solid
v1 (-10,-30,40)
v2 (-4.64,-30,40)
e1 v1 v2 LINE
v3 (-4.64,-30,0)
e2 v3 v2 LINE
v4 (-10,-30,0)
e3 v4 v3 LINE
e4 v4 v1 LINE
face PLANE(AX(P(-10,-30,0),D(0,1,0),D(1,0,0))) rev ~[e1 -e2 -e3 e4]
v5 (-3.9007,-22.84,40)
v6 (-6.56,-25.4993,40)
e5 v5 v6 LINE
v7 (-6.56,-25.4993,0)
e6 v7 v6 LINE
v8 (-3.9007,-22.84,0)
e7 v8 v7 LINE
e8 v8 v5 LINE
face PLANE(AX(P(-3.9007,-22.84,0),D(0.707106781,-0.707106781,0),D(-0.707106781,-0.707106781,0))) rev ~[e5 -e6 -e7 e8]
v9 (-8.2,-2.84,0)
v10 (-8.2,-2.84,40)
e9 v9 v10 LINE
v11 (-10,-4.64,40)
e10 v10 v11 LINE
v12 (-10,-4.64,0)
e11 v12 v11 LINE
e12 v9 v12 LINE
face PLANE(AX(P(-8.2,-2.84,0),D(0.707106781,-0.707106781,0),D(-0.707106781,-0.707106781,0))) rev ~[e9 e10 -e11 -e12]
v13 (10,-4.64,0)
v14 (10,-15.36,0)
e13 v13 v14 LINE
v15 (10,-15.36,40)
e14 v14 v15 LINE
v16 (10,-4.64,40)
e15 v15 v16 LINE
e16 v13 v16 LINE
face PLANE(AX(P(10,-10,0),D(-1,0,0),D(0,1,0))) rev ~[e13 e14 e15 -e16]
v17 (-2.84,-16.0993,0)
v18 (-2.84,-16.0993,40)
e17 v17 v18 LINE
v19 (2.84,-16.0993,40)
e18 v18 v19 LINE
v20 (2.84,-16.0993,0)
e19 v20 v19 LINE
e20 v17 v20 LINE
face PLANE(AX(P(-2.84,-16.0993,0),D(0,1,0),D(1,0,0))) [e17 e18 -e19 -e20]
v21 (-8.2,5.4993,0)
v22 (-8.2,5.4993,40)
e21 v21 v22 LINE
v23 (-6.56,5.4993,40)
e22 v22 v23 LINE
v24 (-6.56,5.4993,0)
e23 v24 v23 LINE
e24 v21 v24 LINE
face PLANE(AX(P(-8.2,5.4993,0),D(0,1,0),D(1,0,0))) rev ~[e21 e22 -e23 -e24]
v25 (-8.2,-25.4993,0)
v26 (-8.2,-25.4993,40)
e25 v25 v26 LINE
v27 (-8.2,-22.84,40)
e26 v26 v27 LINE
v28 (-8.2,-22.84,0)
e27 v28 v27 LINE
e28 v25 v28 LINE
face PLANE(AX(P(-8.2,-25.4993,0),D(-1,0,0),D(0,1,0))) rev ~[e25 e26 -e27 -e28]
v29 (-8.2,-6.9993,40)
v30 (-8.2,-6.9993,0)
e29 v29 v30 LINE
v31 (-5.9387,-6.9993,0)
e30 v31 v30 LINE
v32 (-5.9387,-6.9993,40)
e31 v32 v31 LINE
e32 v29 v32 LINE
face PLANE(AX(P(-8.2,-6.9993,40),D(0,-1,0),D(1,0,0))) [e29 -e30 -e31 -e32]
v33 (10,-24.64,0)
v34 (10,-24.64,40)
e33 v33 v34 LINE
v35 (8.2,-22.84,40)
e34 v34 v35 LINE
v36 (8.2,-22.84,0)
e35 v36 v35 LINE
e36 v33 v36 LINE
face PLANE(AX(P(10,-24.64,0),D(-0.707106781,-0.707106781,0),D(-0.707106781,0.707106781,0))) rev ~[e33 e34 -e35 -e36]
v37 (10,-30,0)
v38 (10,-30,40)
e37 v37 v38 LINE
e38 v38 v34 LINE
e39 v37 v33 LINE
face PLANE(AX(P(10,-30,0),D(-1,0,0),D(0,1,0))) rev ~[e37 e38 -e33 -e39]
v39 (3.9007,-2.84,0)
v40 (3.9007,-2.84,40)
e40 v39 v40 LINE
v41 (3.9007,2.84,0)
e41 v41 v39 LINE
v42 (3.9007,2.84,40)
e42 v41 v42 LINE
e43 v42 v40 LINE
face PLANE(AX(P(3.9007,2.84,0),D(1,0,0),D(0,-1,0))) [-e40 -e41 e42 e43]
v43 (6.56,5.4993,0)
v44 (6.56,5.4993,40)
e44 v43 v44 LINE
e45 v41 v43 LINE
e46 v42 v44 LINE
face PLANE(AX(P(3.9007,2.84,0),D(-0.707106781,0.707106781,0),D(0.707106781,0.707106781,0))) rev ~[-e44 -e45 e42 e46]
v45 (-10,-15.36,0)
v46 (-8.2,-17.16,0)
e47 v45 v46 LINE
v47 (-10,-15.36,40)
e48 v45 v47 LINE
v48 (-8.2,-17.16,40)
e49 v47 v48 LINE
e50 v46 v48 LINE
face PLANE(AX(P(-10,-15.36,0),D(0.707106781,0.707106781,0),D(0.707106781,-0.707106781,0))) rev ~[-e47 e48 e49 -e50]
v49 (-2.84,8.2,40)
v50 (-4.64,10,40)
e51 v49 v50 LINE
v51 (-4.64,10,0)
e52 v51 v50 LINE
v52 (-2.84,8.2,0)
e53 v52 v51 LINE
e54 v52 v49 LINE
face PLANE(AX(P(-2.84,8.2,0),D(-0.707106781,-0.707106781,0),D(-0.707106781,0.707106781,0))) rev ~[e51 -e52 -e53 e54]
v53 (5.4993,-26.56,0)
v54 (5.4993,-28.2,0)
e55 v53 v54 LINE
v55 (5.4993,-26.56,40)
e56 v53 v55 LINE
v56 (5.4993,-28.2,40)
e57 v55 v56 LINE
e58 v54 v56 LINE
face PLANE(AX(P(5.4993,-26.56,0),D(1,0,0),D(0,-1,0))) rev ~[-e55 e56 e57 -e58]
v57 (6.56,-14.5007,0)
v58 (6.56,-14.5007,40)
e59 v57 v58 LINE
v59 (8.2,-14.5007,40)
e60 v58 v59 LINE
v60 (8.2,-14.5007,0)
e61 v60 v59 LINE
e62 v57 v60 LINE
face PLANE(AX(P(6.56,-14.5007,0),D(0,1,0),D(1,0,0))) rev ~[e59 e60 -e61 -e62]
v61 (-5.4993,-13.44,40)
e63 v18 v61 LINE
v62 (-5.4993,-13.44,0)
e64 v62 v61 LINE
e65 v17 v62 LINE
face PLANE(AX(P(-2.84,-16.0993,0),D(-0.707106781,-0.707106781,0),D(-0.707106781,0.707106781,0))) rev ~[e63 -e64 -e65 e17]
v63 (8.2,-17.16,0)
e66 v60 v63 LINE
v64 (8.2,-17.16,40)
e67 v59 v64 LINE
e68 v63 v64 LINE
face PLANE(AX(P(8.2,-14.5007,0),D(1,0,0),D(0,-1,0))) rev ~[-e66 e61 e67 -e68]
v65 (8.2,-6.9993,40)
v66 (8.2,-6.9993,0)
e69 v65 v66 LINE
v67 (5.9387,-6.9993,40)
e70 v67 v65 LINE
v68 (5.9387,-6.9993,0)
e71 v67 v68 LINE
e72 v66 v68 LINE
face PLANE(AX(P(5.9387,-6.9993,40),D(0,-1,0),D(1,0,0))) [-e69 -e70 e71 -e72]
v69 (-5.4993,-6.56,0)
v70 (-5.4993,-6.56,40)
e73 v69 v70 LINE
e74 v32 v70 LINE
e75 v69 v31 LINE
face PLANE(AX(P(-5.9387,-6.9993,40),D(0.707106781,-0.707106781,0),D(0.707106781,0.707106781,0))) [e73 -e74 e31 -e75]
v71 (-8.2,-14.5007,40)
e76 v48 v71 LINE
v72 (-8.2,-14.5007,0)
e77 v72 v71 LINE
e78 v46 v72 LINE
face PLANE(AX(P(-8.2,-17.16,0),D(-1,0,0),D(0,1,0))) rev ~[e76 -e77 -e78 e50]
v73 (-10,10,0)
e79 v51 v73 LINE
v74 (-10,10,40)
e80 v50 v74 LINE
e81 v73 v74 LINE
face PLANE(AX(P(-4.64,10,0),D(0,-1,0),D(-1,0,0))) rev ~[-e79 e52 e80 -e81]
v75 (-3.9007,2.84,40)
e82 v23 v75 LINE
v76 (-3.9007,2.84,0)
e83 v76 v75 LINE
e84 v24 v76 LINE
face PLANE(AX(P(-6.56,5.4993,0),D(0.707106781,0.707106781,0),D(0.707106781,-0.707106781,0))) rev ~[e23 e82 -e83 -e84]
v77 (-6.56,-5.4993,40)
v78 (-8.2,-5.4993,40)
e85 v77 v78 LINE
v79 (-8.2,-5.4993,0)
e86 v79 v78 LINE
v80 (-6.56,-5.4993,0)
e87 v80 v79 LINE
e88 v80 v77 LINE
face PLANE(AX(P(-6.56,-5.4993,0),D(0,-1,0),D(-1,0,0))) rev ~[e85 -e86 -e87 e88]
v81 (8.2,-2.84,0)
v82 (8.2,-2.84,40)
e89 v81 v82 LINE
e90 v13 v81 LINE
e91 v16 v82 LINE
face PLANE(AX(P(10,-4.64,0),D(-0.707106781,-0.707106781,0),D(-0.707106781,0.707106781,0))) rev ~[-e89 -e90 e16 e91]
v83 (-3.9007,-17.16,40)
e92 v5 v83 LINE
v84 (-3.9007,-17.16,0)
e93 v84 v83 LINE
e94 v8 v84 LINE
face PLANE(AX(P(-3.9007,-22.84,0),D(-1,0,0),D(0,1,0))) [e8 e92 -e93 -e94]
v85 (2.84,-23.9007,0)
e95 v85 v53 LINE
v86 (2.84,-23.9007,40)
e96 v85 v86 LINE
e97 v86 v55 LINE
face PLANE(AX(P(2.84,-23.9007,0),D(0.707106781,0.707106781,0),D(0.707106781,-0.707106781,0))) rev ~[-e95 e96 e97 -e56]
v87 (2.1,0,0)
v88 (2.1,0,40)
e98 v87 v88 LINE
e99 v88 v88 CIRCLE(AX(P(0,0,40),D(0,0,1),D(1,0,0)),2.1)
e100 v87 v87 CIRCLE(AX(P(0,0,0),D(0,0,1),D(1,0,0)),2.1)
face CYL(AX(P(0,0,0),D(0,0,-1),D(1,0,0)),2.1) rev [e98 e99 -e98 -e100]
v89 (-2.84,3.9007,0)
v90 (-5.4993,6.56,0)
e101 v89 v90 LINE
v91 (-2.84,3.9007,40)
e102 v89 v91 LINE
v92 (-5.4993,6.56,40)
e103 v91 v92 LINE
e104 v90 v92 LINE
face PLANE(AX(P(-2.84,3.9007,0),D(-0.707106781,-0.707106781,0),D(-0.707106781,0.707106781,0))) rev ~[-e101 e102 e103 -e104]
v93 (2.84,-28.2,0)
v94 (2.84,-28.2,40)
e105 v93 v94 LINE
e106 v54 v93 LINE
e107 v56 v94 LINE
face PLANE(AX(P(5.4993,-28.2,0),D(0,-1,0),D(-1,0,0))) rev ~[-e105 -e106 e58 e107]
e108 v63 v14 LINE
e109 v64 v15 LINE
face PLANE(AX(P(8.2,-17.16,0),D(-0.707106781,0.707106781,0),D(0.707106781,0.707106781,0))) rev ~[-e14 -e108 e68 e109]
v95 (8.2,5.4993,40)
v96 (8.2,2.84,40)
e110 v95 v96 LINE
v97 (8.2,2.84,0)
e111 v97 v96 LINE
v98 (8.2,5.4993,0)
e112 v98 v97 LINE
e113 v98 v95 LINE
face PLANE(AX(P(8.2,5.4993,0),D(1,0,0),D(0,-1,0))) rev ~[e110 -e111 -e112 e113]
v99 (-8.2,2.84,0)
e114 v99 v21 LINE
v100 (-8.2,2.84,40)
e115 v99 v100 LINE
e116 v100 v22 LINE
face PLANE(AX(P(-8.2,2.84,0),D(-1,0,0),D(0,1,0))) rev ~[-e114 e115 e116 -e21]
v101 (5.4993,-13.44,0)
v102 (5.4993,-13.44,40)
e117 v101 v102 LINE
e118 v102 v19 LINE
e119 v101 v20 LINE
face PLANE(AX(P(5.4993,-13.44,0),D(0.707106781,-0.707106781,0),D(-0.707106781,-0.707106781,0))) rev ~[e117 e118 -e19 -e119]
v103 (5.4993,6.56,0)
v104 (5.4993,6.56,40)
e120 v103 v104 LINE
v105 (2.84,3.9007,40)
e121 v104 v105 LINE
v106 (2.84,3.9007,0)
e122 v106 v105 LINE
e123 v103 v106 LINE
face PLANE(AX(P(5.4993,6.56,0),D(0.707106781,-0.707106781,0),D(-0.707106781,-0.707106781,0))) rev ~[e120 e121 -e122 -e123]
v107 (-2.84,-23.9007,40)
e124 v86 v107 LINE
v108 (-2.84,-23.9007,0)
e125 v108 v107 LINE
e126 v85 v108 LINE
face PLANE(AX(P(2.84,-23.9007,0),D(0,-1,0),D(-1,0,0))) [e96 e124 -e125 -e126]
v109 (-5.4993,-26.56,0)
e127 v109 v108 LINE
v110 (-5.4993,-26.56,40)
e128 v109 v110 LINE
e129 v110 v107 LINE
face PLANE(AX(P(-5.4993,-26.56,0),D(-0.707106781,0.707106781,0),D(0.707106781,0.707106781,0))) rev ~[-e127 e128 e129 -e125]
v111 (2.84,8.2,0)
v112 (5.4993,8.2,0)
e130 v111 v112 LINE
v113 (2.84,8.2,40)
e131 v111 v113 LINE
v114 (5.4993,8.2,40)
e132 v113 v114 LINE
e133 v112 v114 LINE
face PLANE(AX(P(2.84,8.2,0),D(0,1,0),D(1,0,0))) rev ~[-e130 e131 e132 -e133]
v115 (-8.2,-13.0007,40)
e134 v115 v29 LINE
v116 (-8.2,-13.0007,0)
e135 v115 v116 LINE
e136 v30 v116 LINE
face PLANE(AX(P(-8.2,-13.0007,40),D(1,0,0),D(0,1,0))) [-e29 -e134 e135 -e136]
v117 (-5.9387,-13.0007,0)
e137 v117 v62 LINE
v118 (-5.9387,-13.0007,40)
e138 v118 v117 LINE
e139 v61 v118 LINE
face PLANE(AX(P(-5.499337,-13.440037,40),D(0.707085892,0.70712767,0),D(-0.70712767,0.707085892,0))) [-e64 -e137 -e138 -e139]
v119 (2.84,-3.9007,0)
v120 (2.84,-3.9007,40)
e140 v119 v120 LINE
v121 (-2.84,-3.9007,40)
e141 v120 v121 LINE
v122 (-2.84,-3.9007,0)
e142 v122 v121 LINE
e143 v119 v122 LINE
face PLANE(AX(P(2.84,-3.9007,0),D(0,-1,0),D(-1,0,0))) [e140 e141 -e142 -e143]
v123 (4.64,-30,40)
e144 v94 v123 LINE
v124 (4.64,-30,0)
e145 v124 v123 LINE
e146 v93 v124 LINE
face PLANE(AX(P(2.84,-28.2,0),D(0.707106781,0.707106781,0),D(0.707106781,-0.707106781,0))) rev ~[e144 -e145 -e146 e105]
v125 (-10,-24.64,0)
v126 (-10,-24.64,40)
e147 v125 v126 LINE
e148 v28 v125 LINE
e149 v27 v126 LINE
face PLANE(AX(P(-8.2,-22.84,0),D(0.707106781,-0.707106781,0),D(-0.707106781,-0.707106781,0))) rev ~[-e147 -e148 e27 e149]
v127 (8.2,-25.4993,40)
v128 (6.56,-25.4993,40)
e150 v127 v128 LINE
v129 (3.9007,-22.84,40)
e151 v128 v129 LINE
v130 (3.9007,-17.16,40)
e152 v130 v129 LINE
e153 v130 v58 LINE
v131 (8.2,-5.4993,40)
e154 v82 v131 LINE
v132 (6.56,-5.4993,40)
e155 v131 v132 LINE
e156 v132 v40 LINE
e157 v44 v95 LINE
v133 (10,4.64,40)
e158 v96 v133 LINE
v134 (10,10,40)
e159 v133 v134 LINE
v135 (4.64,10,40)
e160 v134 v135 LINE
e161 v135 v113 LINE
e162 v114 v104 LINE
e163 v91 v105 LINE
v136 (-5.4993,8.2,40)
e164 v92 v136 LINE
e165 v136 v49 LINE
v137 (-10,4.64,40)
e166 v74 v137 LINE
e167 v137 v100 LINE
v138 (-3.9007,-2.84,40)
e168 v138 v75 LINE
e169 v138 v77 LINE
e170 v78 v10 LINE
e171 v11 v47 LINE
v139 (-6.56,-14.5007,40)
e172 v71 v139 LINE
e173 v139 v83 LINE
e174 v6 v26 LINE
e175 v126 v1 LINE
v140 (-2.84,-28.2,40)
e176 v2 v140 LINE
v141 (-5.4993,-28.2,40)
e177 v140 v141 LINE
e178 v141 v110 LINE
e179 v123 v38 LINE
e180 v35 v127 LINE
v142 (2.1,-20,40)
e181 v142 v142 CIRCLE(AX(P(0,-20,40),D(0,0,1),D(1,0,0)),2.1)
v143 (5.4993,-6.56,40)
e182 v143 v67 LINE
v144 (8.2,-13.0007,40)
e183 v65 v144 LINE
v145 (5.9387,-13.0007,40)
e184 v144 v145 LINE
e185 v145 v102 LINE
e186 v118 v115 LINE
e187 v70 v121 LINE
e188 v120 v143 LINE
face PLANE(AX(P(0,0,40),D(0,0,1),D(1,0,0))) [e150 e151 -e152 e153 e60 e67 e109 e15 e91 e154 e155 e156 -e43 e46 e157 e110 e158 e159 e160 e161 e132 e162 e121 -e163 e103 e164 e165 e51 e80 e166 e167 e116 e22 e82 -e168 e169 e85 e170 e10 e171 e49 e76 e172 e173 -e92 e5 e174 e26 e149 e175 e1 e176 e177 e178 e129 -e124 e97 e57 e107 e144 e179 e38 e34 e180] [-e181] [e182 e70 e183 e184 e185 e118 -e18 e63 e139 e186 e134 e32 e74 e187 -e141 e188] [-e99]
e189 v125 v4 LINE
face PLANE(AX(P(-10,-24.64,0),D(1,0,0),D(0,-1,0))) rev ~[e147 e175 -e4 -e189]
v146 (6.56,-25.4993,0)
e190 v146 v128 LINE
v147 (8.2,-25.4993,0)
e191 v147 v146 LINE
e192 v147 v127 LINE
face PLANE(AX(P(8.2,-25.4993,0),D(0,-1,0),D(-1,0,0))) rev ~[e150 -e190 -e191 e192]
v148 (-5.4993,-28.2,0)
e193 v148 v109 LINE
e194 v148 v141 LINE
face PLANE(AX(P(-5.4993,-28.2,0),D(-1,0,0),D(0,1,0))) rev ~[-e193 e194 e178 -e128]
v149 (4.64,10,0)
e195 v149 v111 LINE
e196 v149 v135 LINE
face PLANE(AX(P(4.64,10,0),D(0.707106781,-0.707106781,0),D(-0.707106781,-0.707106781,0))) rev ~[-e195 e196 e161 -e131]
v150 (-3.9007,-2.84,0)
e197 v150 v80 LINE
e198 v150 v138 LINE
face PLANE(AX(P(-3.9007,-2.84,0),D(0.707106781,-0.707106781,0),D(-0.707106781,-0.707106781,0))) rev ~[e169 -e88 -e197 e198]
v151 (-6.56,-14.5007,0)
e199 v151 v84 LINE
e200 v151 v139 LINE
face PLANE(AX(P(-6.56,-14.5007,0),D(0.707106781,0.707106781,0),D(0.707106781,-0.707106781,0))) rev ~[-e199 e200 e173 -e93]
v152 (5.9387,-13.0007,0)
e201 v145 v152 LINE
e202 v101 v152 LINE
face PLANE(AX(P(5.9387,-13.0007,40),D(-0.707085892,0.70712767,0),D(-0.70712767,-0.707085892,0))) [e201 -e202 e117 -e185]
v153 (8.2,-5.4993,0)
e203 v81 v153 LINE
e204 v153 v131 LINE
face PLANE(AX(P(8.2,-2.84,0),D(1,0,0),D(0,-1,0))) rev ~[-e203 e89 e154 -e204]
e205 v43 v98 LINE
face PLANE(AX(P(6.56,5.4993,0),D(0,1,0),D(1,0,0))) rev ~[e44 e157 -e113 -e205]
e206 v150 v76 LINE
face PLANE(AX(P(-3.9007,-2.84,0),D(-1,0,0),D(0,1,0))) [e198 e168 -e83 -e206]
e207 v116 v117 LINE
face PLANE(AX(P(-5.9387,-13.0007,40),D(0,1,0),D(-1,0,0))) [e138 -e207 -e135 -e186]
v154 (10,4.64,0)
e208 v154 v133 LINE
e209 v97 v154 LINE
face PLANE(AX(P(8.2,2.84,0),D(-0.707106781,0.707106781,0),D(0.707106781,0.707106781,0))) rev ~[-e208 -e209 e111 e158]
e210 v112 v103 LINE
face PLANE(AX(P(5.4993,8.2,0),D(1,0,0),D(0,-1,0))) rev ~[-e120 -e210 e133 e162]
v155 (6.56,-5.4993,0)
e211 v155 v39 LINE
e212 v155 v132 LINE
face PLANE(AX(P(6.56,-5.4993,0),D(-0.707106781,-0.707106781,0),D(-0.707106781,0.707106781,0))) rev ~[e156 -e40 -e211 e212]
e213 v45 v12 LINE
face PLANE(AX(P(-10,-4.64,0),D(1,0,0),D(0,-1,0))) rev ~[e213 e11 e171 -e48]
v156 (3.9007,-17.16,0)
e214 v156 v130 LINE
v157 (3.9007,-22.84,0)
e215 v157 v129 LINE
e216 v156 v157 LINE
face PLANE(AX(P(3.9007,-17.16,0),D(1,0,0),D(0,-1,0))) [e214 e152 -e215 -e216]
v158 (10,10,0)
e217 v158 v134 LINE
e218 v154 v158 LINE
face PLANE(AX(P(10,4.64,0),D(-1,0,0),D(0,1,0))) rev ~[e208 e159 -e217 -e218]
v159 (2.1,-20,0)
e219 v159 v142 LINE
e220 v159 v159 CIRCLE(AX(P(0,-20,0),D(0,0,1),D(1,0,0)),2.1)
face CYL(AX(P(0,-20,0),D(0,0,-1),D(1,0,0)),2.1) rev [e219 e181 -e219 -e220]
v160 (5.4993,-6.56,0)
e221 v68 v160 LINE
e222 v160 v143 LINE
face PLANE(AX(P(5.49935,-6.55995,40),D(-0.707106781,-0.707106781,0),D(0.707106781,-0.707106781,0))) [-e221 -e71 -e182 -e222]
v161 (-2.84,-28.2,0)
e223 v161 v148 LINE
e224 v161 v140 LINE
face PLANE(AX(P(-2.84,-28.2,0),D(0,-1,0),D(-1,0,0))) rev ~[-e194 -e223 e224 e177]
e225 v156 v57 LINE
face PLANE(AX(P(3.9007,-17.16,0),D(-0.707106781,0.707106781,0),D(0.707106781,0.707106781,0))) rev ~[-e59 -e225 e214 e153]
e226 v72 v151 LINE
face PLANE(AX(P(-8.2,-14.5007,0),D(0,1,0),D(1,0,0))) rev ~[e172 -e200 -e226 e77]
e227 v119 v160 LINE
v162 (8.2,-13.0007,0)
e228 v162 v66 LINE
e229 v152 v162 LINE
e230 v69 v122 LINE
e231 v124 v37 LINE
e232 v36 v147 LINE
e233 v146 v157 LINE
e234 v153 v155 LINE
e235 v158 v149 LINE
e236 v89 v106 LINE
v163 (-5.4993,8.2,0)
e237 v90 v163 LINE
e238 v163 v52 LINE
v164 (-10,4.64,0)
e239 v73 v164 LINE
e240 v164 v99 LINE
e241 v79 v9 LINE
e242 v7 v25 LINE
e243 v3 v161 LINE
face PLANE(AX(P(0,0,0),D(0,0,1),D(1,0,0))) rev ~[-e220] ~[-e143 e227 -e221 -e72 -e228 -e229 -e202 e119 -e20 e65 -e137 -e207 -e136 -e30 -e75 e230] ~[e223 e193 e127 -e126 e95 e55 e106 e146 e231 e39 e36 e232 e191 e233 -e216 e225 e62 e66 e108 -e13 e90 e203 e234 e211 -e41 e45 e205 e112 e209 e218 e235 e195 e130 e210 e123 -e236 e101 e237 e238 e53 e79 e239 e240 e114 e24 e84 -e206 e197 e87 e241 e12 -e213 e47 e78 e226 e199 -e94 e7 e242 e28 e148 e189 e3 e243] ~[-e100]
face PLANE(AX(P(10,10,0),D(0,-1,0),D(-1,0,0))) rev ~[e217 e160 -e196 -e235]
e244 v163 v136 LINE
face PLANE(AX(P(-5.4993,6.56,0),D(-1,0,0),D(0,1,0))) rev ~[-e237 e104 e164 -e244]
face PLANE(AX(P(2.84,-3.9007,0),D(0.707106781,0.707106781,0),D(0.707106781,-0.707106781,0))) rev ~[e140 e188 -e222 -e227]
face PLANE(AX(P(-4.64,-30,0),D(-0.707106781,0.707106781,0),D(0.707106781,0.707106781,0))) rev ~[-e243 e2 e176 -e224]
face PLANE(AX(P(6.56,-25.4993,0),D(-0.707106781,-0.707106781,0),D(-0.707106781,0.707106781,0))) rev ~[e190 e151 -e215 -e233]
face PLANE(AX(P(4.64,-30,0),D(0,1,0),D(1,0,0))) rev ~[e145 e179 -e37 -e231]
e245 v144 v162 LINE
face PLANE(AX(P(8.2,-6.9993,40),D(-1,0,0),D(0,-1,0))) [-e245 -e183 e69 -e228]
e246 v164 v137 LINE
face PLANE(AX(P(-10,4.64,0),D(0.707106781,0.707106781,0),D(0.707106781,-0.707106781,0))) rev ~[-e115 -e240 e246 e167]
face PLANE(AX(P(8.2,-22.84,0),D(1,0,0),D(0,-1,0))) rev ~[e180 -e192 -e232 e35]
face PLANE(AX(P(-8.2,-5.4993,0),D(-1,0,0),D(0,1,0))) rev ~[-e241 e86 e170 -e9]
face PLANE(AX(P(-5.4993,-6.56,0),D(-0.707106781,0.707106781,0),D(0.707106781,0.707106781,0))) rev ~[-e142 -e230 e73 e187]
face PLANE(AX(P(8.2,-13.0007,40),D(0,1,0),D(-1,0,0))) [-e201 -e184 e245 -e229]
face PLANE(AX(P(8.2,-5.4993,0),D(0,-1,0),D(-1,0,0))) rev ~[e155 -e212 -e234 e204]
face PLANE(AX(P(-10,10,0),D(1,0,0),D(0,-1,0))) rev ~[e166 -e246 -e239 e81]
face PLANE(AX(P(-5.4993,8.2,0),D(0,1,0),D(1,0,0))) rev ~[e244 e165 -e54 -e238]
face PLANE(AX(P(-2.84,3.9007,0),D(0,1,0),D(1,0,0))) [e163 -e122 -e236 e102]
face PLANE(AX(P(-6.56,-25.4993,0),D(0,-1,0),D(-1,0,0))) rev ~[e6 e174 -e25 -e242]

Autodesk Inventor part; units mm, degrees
ref_plane "YZ Plane" through (0, 0, 0) normal (1, 0, 0) x (0, 1, 0)
ref_plane "XY Plane" through (0, 0, 0) normal (0, 0, 1) x (1, 0, 0)
sketch "Sketch1" plane through (0, 0, 0) normal (0, 0, 1) x (1, 0, 0)
  line L0 (-3.9007, 3.9007) -> (3.9007, 3.9007)
  line L1 (3.9007, 3.9007) -> (3.9007, -3.9007)
  line L2 (3.9007, -3.9007) -> (-3.9007, -3.9007)
  line L3 (-3.9007, -3.9007) -> (-3.9007, 3.9007)
  line L4 (0, 3.9007) -> (0, -3.9007) construction
  line L5 (-3.9007, 0) -> (3.9007, 0) construction
  circle A0 centre (0, 0) radius 2.1
  line L6 (0, 0) -> (-16.1173, 16.1173) construction
  line L7 (0, 0) -> (22.7933, 0) construction
  line L8 (-2.84, 3.9007) -> (-5.4993, 6.56)
  line L9 (-5.4993, 6.56) -> (-5.4993, 8.2)
  line L10 (-5.4993, 8.2) -> (-2.84, 8.2)
  line L11 (-2.84, 8.2) -> (-4.64, 10)
  line L12 (-4.64, 10) -> (-10, 10)
  line L13 (-10, 10) -> (-10, 4.64)
  line L14 (-10, 4.64) -> (-8.2, 2.84)
  line L15 (-8.2, 2.84) -> (-8.2, 5.4993)
  line L16 (-8.2, 5.4993) -> (-6.56, 5.4993)
  line L17 (-6.56, 5.4993) -> (-3.9007, 2.84)
  line L18 (-3.9007, 2.84) -> (-11.3102, 2.84) construction
  line L19 (-2.84, 3.9007) -> (-3.9007, 3.9007)
  line L20 (-3.9007, 2.84) -> (-3.9007, 3.9007)
  line L21 (-3.9007, -2.84) -> (-6.56, -5.4993)
  line L22 (-6.56, -5.4993) -> (-8.2, -5.4993)
  line L23 (-8.2, -5.4993) -> (-8.2, -2.84)
  line L24 (-8.2, -2.84) -> (-10, -4.64)
  line L25 (-10, -4.64) -> (-10, -10)
  line L26 (-10, -10) -> (-4.64, -10)
  line L27 (-4.64, -10) -> (-2.84, -8.2)
  line L28 (-2.84, -8.2) -> (-5.4993, -8.2)
  line L29 (-5.4993, -8.2) -> (-5.4993, -6.56)
  line L30 (-5.4993, -6.56) -> (-2.84, -3.9007)
  line L31 (-3.9007, -2.84) -> (-3.9007, -3.9007)
  line L32 (-2.84, -3.9007) -> (-3.9007, -3.9007)
  line L33 (2.84, -3.9007) -> (5.4993, -6.56)
  line L34 (5.4993, -6.56) -> (5.4993, -8.2)
  line L35 (5.4993, -8.2) -> (2.84, -8.2)
  line L36 (2.84, -8.2) -> (4.64, -10)
  line L37 (4.64, -10) -> (10, -10)
  line L38 (10, -10) -> (10, -4.64)
  line L39 (10, -4.64) -> (8.2, -2.84)
  line L40 (8.2, -2.84) -> (8.2, -5.4993)
  line L41 (8.2, -5.4993) -> (6.56, -5.4993)
  line L42 (6.56, -5.4993) -> (3.9007, -2.84)
  line L43 (2.84, -3.9007) -> (3.9007, -3.9007)
  line L44 (3.9007, -2.84) -> (3.9007, -3.9007)
  line L45 (3.9007, 2.84) -> (6.56, 5.4993)
  line L46 (6.56, 5.4993) -> (8.2, 5.4993)
  line L47 (8.2, 5.4993) -> (8.2, 2.84)
  line L48 (8.2, 2.84) -> (10, 4.64)
  line L49 (10, 4.64) -> (10, 10)
  line L50 (10, 10) -> (4.64, 10)
  line L51 (4.64, 10) -> (2.84, 8.2)
  line L52 (2.84, 8.2) -> (5.4993, 8.2)
  line L53 (5.4993, 8.2) -> (5.4993, 6.56)
  line L54 (5.4993, 6.56) -> (2.84, 3.9007)
  line L55 (3.9007, 2.84) -> (3.9007, 3.9007)
  line L56 (2.84, 3.9007) -> (3.9007, 3.9007)
  dimension "d7" = 4.2
  dimension "d8" = 135
  dimension "d9" = 1.5
  dimension "d10" = 1.64
  dimension "d11" = 1.8
  dimension "d12" = 2.84
  dimension "d13" = 10
  dimension "d16" = 360
extrude "Extrusion1" add sketch "Sketch1" along normal blind 40
pattern_linear "Rectangular Pattern1" count 2 spacing 20 along (0, -1, 0) of "Extrusion1"
sketch "Sketch2" plane through (0, 0, 40) normal (0, 0, 1) x (1, 0, 0)
  line L0 (8.2, -2.84) -> (8.2, -5.4993) projected
  line L1 (8.2, -5.4993) -> (6.56, -5.4993) projected
  line L2 (-6.56, -5.4993) -> (-8.2, -5.4993) projected
  line L3 (-8.2, -5.4993) -> (-8.2, -2.84) projected
  line L4 (-8.2, -14.5007) -> (-6.56, -14.5007) projected
  line L5 (6.56, -14.5007) -> (8.2, -14.5007) projected
  line L6 (5.4993, -11.8) -> (5.4993, -13.44) projected
  line L7 (5.4993, -13.44) -> (2.84, -16.0993) projected
  line L8 (-2.84, -16.0993) -> (-5.4993, -13.44) projected
  line L9 (-5.4993, -8.2) -> (-5.4993, -6.56) projected
  line L10 (-5.4993, -6.56) -> (-2.84, -3.9007) projected
  line L11 (2.84, -3.9007) -> (5.4993, -6.56) projected
  line L12 (2.84, -8.2) -> (4.64, -10) projected
  line L13 (-8.2, -6.9993) -> (-5.9387, -6.9993)
  line L14 (-5.9387, -6.9993) -> (-4.1231, -5.1837)
  line L15 (-4.1231, -5.1837) -> (4.1231, -5.1837)
  line L16 (4.1231, -5.1837) -> (5.9387, -6.9993)
  line L17 (5.9387, -6.9993) -> (8.2, -6.9993)
  line L18 (8.2, -6.9993) -> (8.2, -13.0007)
  line L19 (8.2, -13.0007) -> (5.9387, -13.0007)
  line L20 (5.9387, -13.0007) -> (4.2461, -14.6932)
  line L21 (4.2461, -14.6932) -> (-4.2461, -14.6932)
  line L22 (-4.2461, -14.6932) -> (-5.9387, -13.0007)
  line L23 (-5.9387, -13.0007) -> (-8.2, -13.0007)
  line L24 (-8.2, -13.0007) -> (-8.2, -6.9993)
  dimension "d23" = 1.5
  dimension "d24" = 1.5
  dimension "d25" = 1.5
  dimension "d26" = 1.5
extrude "Extrusion2" cut sketch "Sketch2" against normal up to next
ref_plane "Work Plane3" through (0, -20, 0) normal (0, 1, 0) x (-1, 0, 0)
ref_plane "Work Plane2" through (0, 0, 0) normal (0, 1, 0) x (-1, 0, 0)
ref_plane "Work Plane1" through (0, -10, 0) normal (0, 1, 0) x (-1, 0, 0)
equation "\"d24\" = d23"
equation "\"d25\" = d23"
equation "\"d26\" = d23"
properties part number "20x40x597mm" material "Aluminum 6061"
